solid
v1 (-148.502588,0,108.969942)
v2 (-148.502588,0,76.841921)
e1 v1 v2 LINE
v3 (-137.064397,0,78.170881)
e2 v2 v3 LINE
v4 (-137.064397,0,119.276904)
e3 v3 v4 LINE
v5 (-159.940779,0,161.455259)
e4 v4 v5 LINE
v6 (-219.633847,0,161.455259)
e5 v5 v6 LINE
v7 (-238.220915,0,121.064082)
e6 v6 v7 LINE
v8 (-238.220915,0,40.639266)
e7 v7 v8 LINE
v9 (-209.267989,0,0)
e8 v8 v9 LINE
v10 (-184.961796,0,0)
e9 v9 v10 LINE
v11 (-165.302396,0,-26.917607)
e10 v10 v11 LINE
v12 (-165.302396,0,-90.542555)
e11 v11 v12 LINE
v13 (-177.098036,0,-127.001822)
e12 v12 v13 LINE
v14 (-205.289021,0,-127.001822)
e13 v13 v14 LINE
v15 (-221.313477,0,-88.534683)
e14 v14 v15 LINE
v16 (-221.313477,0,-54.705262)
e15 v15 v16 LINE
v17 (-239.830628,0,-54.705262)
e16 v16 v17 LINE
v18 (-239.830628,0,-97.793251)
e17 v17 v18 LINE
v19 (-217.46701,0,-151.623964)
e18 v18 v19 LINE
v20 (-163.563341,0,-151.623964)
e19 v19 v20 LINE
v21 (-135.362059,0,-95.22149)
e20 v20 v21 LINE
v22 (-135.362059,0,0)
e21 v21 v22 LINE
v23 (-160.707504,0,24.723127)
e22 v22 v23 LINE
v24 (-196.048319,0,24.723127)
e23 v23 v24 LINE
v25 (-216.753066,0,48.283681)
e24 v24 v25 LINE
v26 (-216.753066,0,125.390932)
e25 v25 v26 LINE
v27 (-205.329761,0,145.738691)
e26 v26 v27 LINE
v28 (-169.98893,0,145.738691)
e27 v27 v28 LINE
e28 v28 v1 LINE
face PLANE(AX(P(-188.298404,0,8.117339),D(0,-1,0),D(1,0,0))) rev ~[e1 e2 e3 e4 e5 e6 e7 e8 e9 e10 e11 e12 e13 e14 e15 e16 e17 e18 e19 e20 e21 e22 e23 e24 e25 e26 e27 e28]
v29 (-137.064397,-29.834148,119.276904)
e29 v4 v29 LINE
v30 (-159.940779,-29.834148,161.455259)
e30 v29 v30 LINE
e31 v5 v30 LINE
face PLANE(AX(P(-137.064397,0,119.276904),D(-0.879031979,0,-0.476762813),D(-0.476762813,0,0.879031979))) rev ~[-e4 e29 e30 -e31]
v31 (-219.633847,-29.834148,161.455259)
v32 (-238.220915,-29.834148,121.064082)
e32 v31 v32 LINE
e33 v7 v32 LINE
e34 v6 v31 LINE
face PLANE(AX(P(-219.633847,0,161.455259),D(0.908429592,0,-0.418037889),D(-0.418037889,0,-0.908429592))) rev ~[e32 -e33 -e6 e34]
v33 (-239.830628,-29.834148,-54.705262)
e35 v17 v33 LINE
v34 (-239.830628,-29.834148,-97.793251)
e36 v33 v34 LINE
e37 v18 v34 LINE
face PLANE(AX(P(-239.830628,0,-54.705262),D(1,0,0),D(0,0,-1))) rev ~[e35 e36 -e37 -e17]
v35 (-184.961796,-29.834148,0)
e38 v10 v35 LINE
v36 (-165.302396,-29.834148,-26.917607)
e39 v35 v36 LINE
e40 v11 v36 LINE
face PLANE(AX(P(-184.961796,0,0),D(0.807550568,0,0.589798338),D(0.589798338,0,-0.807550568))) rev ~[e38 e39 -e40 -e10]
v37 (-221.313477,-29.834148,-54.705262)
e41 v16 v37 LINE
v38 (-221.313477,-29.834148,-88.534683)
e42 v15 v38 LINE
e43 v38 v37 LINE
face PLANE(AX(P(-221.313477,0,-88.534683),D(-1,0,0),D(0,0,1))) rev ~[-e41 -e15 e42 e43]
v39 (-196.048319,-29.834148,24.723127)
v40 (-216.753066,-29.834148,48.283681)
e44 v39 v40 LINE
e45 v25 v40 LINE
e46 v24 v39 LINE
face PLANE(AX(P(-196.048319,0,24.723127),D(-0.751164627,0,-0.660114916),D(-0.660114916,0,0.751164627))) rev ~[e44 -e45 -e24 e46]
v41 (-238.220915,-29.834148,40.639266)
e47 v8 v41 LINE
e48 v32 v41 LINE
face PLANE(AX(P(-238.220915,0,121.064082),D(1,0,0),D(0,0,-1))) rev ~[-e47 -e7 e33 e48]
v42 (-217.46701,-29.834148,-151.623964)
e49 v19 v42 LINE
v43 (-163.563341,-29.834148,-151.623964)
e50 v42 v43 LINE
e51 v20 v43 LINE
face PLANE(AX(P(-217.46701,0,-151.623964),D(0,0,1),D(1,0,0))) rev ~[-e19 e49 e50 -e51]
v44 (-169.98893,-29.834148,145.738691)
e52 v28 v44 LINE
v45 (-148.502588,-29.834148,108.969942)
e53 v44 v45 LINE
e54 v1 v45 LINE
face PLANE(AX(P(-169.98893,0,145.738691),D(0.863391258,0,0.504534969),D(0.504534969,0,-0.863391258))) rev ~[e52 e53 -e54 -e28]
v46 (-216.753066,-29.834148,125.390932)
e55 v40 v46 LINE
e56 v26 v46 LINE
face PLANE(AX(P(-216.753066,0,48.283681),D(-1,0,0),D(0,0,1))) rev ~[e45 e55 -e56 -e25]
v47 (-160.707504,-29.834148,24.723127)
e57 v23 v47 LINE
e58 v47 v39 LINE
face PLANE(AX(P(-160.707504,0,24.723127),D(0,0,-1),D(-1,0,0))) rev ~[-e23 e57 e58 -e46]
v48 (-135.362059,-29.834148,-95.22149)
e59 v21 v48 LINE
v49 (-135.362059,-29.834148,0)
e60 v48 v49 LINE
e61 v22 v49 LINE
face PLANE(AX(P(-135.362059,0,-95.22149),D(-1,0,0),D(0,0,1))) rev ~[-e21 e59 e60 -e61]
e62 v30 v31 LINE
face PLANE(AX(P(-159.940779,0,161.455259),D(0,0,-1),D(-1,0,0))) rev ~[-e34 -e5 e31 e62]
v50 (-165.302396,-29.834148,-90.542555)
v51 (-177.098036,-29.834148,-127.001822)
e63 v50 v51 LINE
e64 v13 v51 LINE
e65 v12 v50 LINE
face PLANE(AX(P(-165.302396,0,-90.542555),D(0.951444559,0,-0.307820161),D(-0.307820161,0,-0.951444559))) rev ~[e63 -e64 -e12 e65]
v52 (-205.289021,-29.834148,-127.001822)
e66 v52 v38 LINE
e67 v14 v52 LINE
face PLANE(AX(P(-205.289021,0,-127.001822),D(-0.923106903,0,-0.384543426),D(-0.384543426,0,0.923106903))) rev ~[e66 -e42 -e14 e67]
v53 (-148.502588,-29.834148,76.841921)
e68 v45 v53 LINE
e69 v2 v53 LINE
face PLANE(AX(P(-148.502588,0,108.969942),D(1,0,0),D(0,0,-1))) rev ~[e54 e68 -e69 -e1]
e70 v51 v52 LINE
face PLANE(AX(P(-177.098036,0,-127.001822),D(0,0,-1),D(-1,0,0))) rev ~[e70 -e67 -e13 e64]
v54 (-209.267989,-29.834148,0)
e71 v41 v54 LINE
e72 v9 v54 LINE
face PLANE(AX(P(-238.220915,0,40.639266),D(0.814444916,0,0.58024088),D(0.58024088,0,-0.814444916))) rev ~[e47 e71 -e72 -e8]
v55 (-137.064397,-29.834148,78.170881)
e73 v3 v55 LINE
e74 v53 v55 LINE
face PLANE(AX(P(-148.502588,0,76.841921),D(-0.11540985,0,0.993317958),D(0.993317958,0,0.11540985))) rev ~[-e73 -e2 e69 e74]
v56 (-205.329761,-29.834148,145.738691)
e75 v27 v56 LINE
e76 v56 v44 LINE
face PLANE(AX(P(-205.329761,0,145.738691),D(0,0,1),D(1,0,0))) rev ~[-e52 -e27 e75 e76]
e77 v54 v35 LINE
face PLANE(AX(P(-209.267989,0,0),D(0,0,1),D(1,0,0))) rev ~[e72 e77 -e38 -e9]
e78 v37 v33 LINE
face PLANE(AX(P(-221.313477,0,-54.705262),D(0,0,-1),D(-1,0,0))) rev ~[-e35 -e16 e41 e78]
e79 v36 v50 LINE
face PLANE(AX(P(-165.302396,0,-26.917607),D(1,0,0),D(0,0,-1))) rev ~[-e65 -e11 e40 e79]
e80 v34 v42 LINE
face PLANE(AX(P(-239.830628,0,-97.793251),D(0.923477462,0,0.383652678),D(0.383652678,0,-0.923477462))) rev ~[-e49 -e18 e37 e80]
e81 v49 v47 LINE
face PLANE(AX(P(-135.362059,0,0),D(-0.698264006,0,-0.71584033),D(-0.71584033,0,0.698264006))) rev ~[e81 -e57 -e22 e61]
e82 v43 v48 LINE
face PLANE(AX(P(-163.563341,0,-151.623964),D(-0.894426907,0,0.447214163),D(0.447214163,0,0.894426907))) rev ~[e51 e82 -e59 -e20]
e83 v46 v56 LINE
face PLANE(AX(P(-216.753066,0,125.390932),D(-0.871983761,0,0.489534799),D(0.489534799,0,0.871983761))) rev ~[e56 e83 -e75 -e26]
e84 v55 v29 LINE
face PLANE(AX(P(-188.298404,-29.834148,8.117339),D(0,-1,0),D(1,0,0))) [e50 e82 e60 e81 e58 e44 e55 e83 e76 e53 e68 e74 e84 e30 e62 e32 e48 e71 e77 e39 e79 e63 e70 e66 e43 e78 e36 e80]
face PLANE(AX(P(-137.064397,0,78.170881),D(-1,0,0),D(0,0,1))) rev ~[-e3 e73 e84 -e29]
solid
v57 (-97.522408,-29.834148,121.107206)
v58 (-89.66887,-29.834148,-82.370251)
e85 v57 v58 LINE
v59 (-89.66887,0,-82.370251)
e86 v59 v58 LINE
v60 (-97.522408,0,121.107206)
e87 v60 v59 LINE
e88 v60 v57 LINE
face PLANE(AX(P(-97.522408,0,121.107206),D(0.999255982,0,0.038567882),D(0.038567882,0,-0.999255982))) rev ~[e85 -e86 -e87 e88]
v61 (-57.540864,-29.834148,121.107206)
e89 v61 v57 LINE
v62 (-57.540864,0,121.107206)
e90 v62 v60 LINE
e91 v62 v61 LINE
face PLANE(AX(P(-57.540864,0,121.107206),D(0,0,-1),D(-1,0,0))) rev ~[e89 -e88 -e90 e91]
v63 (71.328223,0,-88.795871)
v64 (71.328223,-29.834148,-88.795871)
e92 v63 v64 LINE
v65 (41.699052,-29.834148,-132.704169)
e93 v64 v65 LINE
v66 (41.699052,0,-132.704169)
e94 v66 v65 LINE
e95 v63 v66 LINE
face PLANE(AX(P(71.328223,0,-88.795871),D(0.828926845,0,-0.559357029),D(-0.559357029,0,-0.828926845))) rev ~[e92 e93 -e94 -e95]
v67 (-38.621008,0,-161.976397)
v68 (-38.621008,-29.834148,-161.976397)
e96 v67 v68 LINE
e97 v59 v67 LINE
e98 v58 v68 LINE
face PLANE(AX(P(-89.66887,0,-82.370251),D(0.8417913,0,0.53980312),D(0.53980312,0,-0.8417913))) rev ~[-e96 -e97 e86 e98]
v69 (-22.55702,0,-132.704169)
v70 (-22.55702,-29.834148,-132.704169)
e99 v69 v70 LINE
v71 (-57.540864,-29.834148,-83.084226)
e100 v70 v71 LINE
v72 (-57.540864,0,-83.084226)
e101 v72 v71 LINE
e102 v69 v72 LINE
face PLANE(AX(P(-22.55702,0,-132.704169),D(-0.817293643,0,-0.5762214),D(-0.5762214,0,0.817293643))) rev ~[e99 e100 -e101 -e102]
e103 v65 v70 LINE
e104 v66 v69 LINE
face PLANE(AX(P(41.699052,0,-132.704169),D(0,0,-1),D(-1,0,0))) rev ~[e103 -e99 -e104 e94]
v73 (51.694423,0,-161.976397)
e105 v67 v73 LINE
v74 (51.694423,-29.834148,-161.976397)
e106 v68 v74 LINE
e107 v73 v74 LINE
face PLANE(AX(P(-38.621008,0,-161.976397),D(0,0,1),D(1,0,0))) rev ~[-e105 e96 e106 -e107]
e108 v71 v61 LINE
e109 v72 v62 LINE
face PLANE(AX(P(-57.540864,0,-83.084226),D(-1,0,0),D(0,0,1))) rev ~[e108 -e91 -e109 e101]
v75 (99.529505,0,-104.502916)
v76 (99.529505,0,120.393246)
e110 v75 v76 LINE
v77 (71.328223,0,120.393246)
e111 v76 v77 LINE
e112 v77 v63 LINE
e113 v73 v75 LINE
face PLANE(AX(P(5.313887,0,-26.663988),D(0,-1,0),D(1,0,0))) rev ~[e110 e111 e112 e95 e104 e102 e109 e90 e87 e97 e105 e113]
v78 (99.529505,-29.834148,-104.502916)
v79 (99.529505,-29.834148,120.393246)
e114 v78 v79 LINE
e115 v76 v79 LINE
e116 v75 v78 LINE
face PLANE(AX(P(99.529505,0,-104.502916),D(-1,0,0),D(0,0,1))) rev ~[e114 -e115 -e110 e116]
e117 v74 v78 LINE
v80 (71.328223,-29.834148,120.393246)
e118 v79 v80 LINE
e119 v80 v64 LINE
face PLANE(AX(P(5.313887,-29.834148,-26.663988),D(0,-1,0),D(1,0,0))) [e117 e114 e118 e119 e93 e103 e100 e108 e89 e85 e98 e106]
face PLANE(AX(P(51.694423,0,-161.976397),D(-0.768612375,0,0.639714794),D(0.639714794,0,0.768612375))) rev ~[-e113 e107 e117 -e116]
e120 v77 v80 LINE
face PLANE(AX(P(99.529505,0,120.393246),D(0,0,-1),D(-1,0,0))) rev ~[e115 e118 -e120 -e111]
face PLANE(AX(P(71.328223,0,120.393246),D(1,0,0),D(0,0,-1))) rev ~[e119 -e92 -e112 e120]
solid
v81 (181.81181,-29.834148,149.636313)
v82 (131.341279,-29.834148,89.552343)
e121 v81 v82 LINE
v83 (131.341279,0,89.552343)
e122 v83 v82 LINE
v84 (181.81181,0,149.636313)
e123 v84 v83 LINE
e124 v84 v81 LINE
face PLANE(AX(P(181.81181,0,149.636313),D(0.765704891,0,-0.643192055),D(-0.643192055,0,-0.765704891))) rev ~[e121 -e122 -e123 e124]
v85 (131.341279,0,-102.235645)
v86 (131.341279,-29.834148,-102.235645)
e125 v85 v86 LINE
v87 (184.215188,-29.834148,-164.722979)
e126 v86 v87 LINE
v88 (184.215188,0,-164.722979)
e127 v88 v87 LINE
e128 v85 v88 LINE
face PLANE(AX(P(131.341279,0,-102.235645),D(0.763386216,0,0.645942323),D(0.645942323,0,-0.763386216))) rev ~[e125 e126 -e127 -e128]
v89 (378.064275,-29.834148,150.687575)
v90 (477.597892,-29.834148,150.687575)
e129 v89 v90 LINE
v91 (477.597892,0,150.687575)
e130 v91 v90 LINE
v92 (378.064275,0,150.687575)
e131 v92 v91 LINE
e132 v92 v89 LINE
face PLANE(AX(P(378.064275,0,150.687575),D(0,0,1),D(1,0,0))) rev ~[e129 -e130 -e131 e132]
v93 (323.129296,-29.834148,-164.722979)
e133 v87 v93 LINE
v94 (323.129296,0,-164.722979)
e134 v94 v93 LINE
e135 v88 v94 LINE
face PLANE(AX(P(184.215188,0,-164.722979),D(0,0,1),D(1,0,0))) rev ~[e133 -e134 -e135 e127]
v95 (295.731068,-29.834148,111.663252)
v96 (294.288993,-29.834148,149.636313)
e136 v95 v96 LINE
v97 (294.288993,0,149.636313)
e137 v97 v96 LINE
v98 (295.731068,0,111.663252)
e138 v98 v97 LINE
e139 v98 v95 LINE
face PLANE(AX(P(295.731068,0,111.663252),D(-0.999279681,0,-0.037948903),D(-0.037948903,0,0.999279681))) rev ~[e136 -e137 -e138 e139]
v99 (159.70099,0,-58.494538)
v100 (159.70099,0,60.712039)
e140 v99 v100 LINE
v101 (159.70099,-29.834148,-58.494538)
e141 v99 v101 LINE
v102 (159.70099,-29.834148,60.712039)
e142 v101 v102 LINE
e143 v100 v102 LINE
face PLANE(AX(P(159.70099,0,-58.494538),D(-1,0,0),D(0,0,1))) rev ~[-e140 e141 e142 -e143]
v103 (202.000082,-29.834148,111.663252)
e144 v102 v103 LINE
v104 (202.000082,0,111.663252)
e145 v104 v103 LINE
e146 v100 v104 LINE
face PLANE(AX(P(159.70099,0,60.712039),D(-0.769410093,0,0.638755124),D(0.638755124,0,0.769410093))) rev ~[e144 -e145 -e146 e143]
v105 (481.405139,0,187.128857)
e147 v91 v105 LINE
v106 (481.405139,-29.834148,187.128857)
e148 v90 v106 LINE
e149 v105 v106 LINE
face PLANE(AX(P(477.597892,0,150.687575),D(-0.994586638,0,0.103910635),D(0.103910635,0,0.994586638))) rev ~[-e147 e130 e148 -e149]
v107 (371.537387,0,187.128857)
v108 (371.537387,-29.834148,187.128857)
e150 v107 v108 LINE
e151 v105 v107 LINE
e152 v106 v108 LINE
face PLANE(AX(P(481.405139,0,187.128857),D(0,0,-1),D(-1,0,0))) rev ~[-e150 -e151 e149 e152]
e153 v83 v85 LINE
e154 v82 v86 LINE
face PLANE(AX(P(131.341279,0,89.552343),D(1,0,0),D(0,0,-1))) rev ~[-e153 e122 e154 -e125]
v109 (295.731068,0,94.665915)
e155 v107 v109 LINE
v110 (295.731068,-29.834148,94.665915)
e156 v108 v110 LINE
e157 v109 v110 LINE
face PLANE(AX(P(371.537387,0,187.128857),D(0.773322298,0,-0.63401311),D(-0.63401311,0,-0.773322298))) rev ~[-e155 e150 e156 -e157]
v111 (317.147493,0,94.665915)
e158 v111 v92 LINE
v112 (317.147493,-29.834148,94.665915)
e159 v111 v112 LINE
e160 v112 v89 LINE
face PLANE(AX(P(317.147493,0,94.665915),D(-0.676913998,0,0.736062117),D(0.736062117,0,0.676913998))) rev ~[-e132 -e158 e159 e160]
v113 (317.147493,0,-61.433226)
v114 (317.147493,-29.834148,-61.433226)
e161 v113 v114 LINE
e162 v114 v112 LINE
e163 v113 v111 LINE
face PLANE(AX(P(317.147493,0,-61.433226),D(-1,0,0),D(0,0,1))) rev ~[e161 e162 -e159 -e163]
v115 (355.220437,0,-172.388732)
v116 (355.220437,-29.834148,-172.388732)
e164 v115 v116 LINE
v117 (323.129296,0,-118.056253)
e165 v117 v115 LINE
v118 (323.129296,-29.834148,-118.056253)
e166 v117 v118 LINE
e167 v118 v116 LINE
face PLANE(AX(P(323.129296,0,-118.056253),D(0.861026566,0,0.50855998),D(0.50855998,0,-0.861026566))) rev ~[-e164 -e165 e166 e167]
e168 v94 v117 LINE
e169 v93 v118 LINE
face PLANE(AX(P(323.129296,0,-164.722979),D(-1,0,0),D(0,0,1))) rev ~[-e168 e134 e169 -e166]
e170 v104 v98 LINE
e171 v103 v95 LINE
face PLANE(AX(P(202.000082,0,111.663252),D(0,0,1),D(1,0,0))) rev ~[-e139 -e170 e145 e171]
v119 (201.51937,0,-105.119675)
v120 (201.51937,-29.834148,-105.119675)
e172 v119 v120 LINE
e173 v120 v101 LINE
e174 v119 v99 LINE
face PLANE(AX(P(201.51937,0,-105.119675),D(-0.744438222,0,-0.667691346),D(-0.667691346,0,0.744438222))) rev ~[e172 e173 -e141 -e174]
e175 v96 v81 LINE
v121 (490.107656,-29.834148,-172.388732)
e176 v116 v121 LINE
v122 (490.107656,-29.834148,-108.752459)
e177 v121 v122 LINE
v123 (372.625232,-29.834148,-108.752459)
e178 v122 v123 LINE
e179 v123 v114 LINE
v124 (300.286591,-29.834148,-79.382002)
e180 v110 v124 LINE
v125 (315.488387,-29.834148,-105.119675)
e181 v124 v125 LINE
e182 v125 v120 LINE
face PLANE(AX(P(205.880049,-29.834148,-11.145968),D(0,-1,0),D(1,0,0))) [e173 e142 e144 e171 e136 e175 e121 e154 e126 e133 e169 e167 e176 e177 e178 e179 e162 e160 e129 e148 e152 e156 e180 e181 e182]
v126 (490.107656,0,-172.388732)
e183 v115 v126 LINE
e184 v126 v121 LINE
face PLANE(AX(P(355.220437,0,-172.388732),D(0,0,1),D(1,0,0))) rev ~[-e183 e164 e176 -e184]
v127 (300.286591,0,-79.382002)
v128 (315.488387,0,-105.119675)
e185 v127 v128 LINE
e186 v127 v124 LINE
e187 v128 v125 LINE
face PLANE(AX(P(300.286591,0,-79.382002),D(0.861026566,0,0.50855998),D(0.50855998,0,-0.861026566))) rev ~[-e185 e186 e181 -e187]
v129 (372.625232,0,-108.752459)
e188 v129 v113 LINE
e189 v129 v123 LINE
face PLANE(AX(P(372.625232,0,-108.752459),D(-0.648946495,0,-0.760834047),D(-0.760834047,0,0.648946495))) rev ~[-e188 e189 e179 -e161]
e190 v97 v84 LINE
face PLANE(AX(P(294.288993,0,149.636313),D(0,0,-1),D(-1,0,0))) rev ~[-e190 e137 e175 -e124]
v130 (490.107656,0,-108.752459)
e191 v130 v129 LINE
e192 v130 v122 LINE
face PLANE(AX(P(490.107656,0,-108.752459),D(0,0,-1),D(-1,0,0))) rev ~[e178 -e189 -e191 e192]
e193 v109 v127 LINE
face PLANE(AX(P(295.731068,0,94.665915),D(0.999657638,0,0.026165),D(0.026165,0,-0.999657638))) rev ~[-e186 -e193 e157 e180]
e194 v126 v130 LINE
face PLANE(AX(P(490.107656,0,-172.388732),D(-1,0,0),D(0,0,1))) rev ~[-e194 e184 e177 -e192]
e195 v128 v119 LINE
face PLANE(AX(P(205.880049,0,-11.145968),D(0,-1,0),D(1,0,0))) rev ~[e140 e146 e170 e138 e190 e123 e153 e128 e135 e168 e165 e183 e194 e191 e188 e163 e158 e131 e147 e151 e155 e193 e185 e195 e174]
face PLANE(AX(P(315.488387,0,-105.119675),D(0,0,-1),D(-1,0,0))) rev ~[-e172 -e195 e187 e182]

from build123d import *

# Parameters (mm, degrees)
F1_DEPTH = 29.8341475427


with BuildPart() as f1:
    # F0 (on Front) → F1 (new body)
    with BuildSketch(Plane.XZ):
        Polygon((-148.5025882721, 76.8419206142), (-137.0643973351, 78.1708806753), (-137.0643973351, 119.2769035697), (-159.9407792091, 161.4552587271), (-219.6338474751, 161.4552587271), (-238.2209151983, 121.0640817881), (-238.2209151983, 40.6392663717), (-209.267988801, 0), (-184.9617958069, 0), (-165.3023958206, -26.9176065922), (-165.3023958206, -90.5425548553), (-177.0980358124, -127.0018219948), (-205.2890211344, -127.0018219948), (-221.3134765625, -88.5346829891), (-221.3134765625, -54.7052621841), (-239.8306280375, -54.7052621841), (-239.8306280375, -97.793251276), (-217.4670100212, -151.6239643097), (-177.8424680233, -151.6239643097), (-163.5633409023, -151.6239643097), (-135.3620588779, -95.2214896679), (-135.3620588779, 0), (-160.7075035572, 24.7231274843), (-196.0483193398, 24.7231274843), (-216.7530655861, 48.2836812735), (-216.7530655861, 125.3909319639), (-205.3297609091, 145.7386910915), (-169.9889302254, 145.7386910915), (-148.5025882721, 108.9699417353), align=None)
    extrude(amount=F1_DEPTH)


with BuildPart() as f1b:
    # F0 (on Front) → F1, piece 2 (new body)
    with BuildSketch(Plane.XZ):
        Polygon((-57.5408637524, 121.1072057486), (-97.5224077702, 121.1072057486), (-89.6688699722, -82.3702514172), (-38.6210083961, -161.9763970375), (51.6944229603, -161.9763970375), (99.529504776, -104.5029163361), (99.529504776, 120.3932464123), (71.3282227516, 120.3932464123), (71.3282227516, -88.7958705425), (41.699051857, -132.7041685581), (-22.5570201874, -132.7041685581), (-57.5408637524, -83.0842256546), align=None)
    extrude(amount=F1_DEPTH)


with BuildPart() as f1c:
    # F0 (on Front) → F1, piece 3 (new body)
    with BuildSketch(Plane.XZ):
        Polygon((295.7310676575, 111.6632521152), (294.2889928818, 149.6363133192), (181.8118095398, 149.6363133192), (131.341278553, 89.5523428917), (131.341278553, -102.2356450558), (184.2151880264, -164.7229790688), (323.1292963028, -164.7229790688), (323.1292963028, -118.0562528618), (315.4883873759, -105.1196753979), (201.519370079, -105.1196753979), (159.7009897232, -58.4945380688), (159.7009897232, 60.7120394707), (202.0000815392, 111.6632521152), align=None)
        Polygon((315.4883873759, -105.1196753979), (323.1292963028, -118.0562528618), (323.1292963028, -105.1196753979), align=None)
        Polygon((323.1292963028, -105.1196753979), (323.1292963028, -118.0562528618), (355.2204370499, -172.3887324333), (490.1076555252, -172.3887324333), (490.1076555252, -108.7524592876), (372.6252317429, -108.7524592876), (317.1474933624, -61.4332258701), (317.1474933624, 94.6659147739), (378.0642747879, 150.6875753403), (477.5978922844, 150.6875753403), (481.4051389694, 187.1288567781), (371.5373873711, 187.1288567781), (295.7310676575, 94.6659147739), (300.286591053, -79.3820023537), (315.4883873759, -105.1196753979), align=None)
    extrude(amount=F1_DEPTH)


solid = Compound([f1.part, f1b.part, f1c.part])
